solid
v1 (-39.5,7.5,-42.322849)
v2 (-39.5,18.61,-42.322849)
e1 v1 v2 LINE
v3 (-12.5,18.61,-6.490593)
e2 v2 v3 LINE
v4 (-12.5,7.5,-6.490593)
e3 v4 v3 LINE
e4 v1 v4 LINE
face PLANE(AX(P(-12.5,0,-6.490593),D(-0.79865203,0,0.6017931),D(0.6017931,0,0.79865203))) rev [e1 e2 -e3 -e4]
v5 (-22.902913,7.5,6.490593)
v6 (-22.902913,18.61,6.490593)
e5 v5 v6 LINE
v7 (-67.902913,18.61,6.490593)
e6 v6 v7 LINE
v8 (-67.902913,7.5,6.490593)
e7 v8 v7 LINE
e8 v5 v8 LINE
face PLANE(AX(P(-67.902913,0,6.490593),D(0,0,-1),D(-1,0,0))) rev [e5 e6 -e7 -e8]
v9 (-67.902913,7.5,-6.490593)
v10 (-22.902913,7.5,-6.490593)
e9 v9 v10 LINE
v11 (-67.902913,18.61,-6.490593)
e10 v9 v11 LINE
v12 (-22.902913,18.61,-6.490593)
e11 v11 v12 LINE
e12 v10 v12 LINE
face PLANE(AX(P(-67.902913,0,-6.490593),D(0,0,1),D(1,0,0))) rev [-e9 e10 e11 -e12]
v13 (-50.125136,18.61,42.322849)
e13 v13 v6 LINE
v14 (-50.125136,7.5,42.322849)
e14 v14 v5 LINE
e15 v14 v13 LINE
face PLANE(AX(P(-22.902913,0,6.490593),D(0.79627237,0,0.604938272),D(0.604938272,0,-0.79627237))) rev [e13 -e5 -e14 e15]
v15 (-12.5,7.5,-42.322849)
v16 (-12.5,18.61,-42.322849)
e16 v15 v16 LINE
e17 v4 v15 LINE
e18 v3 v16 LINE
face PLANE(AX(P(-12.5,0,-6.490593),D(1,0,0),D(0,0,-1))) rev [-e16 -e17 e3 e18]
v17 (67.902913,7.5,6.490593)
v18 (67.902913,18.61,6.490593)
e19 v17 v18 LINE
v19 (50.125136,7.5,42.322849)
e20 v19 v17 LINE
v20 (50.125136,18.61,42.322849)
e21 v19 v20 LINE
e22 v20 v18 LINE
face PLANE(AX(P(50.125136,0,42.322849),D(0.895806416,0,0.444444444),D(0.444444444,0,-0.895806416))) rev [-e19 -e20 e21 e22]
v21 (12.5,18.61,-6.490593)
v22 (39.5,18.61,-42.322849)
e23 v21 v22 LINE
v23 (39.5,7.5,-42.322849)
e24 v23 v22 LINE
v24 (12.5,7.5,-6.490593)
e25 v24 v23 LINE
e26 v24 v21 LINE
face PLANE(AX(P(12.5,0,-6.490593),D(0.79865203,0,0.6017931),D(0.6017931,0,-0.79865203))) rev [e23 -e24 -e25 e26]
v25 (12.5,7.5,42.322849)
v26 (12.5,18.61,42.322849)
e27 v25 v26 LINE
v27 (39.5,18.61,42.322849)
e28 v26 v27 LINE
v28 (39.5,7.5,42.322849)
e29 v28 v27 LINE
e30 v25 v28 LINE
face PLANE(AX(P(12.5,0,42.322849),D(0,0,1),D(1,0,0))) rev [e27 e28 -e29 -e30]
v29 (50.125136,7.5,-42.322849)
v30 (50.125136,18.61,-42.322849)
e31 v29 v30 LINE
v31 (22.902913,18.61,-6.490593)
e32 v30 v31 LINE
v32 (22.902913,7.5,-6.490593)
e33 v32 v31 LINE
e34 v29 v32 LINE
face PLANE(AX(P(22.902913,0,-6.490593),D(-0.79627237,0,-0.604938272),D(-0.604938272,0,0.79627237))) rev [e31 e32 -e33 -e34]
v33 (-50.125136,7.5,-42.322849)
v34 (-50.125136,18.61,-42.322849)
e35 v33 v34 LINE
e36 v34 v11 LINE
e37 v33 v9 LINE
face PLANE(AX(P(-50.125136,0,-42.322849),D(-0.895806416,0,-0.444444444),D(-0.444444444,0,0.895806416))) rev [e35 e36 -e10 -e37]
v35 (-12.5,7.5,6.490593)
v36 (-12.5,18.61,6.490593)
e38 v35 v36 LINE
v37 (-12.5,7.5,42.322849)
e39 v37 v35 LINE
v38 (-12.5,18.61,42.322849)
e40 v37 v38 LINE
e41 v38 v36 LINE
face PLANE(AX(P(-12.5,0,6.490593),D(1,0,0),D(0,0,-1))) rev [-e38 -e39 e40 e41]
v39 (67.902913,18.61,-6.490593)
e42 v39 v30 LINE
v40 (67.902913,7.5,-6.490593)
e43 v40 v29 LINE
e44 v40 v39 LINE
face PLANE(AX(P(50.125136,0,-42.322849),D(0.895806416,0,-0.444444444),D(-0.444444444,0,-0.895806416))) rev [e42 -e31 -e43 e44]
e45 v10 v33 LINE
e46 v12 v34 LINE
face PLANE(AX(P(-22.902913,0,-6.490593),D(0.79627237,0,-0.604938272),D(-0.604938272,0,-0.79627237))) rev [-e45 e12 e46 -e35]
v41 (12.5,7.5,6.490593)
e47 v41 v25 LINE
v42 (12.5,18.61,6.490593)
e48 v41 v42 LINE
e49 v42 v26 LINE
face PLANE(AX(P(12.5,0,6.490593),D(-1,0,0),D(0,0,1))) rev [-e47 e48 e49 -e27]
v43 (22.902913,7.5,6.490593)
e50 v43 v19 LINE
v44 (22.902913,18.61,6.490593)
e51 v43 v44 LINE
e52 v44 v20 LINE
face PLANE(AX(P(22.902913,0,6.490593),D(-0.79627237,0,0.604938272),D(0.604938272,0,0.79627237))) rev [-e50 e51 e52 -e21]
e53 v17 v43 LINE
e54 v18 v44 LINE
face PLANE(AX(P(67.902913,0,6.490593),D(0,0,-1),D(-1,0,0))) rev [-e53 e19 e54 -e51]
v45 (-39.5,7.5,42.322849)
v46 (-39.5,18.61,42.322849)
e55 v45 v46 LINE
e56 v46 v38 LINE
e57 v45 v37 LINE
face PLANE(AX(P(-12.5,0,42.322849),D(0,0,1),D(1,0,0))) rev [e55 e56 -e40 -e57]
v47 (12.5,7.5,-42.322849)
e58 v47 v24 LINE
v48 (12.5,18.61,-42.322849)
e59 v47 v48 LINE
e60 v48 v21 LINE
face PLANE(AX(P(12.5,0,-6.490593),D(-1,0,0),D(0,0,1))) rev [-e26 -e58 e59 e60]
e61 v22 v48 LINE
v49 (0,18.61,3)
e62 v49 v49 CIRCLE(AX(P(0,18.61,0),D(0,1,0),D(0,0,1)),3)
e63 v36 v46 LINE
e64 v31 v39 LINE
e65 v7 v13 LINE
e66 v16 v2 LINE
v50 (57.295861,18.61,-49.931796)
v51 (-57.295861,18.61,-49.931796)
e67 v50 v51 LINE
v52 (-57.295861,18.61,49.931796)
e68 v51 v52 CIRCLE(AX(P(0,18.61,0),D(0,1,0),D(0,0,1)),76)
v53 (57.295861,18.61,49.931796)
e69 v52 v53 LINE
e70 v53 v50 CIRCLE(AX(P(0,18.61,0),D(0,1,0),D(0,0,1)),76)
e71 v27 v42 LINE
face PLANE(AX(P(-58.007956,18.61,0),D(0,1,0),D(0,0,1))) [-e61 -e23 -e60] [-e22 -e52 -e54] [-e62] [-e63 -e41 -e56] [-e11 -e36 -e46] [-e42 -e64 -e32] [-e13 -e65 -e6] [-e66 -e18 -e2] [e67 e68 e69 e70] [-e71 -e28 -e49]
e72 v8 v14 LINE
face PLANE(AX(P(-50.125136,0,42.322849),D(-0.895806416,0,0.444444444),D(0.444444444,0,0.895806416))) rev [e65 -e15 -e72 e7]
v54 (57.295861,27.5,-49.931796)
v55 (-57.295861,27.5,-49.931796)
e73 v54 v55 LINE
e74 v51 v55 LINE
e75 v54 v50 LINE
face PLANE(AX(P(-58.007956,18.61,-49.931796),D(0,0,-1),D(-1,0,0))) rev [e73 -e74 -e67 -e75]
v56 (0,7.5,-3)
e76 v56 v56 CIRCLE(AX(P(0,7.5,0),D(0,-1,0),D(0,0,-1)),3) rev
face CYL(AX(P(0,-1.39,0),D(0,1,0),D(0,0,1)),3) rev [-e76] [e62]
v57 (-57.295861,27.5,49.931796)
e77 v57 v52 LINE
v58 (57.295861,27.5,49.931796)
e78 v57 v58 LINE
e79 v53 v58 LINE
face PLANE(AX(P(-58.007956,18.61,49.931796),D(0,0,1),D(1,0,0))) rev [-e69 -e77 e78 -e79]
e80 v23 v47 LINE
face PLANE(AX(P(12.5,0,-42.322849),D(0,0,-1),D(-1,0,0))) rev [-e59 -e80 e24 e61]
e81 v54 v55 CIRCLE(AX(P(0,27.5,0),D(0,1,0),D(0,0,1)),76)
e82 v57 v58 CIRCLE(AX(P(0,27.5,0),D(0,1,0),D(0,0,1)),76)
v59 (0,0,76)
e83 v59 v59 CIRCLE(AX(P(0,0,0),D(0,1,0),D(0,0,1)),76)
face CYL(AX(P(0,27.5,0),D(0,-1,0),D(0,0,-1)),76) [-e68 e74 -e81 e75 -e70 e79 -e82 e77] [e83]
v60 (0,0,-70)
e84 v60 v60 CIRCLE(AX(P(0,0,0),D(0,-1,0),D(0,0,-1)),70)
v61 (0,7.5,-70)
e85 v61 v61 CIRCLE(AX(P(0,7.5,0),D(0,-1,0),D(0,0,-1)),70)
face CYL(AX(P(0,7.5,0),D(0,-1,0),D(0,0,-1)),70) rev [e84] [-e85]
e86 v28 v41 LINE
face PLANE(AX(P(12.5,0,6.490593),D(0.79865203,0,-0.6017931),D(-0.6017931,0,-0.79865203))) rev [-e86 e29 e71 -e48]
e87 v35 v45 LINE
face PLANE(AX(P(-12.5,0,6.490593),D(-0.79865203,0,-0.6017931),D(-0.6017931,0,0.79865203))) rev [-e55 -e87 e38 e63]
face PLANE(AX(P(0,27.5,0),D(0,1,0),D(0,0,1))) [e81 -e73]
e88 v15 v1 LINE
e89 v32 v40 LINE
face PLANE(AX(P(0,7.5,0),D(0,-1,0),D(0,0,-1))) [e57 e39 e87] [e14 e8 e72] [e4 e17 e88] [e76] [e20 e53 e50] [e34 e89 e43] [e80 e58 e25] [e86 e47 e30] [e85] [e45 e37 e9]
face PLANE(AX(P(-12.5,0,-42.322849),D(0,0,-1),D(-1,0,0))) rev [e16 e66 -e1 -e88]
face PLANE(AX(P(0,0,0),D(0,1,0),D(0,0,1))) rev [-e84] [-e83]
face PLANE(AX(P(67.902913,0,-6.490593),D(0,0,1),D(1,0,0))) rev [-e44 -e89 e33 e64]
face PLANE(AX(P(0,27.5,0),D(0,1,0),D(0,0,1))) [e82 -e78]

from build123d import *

# Parameters (mm, degrees)
SKETCH1_R           = 76
BOSS_EXTRUDE1_DEPTH = 27.5
CUT_EXTRUDE4_DEPTH  = 8.89
SKETCH5_R           = 3
CUT_EXTRUDE5_DEPTH  = 20
CUT_EXTRUDE6_DEPTH  = 19.61
CUT_EXTRUDE7_DEPTH  = 19.61
SKETCH13_R          = 70
CUT_EXTRUDE9_DEPTH  = 7.5


with BuildPart() as part:
    # Sketch1 → Boss-Extrude1 (new body)
    with BuildSketch(Plane(origin=(0, 0, 0), x_dir=(1, 0, 0), z_dir=(0, 1, 0))):
        Circle(SKETCH1_R)
    extrude(amount=BOSS_EXTRUDE1_DEPTH)

    # Sketch2 → Cut-Extrude4 (cut)
    with BuildSketch(Plane(origin=(0, 27.5, 0), x_dir=(1, 0, 0), z_dir=(0, 1, 0))):
        with BuildLine():
            Line((-58.007955522, 49.931796385), (58.007955522, 49.931796385))
            ThreePointArc((58.007955522, 49.931796385), (107.939751907, 0), (58.007955522, -49.931796385))
            Line((58.007955522, -49.931796385), (-58.007955522, -49.931796385))
            ThreePointArc((-58.007955522, -49.931796385), (-107.939751907, 0), (-58.007955522, 49.931796385))
        make_face()
    extrude(amount=-CUT_EXTRUDE4_DEPTH, mode=Mode.SUBTRACT)

    # Sketch5 → Cut-Extrude5 (cut)
    with BuildSketch(Plane(origin=(0, 18.61, 0), x_dir=(1, 0, 0), z_dir=(0, 1, 0))):
        Circle(SKETCH5_R)
    extrude(amount=-CUT_EXTRUDE5_DEPTH, mode=Mode.SUBTRACT)

    # Sketch7 → Cut-Extrude6 (cut, through all)
    with BuildSketch(Plane(origin=(0, 18.61, 0), x_dir=(1, 0, 0), z_dir=(0, 1, 0))):
        Polygon((-50.125135648, 42.322849323), (-67.902913426, 6.490592664), (-22.902913426, 6.490592664), align=None)
        Polygon((67.902913426, 6.490592664), (22.902913426, 6.490592664), (50.125135648, 42.322849323), align=None)
        Polygon((50.125135648, -42.322849323), (67.902913426, -6.490592664), (22.902913426, -6.490592664), align=None)
        Polygon((-67.902913426, -6.490592664), (-22.902913426, -6.490592664), (-50.125135648, -42.322849323), align=None)
    extrude(amount=-CUT_EXTRUDE6_DEPTH, mode=Mode.SUBTRACT)

    # Sketch9 → Cut-Extrude7 (cut, through all)
    with BuildSketch(Plane(origin=(0, 18.61, 0), x_dir=(1, 0, 0), z_dir=(0, 1, 0))):
        Polygon((-12.5, 6.490592664), (-12.5, 42.322849323), (-39.5, 42.322849323), align=None)
        Polygon((12.5, 6.490592664), (39.5, 42.322849323), (12.5, 42.322849323), align=None)
        Polygon((12.5, -6.490592664), (12.5, -42.322849323), (39.5, -42.322849323), align=None)
        Polygon((-12.5, -6.490592664), (-39.5, -42.322849323), (-12.5, -42.322849323), align=None)
    extrude(amount=-CUT_EXTRUDE7_DEPTH, mode=Mode.SUBTRACT)

    # Sketch13 → Cut-Extrude9 (cut)
    with BuildSketch(Plane(origin=(0, 0, 0), x_dir=(-1, 0, 0), z_dir=(0, -1, 0))):
        Circle(SKETCH13_R)
    extrude(amount=-CUT_EXTRUDE9_DEPTH, mode=Mode.SUBTRACT)


solid = part.part
